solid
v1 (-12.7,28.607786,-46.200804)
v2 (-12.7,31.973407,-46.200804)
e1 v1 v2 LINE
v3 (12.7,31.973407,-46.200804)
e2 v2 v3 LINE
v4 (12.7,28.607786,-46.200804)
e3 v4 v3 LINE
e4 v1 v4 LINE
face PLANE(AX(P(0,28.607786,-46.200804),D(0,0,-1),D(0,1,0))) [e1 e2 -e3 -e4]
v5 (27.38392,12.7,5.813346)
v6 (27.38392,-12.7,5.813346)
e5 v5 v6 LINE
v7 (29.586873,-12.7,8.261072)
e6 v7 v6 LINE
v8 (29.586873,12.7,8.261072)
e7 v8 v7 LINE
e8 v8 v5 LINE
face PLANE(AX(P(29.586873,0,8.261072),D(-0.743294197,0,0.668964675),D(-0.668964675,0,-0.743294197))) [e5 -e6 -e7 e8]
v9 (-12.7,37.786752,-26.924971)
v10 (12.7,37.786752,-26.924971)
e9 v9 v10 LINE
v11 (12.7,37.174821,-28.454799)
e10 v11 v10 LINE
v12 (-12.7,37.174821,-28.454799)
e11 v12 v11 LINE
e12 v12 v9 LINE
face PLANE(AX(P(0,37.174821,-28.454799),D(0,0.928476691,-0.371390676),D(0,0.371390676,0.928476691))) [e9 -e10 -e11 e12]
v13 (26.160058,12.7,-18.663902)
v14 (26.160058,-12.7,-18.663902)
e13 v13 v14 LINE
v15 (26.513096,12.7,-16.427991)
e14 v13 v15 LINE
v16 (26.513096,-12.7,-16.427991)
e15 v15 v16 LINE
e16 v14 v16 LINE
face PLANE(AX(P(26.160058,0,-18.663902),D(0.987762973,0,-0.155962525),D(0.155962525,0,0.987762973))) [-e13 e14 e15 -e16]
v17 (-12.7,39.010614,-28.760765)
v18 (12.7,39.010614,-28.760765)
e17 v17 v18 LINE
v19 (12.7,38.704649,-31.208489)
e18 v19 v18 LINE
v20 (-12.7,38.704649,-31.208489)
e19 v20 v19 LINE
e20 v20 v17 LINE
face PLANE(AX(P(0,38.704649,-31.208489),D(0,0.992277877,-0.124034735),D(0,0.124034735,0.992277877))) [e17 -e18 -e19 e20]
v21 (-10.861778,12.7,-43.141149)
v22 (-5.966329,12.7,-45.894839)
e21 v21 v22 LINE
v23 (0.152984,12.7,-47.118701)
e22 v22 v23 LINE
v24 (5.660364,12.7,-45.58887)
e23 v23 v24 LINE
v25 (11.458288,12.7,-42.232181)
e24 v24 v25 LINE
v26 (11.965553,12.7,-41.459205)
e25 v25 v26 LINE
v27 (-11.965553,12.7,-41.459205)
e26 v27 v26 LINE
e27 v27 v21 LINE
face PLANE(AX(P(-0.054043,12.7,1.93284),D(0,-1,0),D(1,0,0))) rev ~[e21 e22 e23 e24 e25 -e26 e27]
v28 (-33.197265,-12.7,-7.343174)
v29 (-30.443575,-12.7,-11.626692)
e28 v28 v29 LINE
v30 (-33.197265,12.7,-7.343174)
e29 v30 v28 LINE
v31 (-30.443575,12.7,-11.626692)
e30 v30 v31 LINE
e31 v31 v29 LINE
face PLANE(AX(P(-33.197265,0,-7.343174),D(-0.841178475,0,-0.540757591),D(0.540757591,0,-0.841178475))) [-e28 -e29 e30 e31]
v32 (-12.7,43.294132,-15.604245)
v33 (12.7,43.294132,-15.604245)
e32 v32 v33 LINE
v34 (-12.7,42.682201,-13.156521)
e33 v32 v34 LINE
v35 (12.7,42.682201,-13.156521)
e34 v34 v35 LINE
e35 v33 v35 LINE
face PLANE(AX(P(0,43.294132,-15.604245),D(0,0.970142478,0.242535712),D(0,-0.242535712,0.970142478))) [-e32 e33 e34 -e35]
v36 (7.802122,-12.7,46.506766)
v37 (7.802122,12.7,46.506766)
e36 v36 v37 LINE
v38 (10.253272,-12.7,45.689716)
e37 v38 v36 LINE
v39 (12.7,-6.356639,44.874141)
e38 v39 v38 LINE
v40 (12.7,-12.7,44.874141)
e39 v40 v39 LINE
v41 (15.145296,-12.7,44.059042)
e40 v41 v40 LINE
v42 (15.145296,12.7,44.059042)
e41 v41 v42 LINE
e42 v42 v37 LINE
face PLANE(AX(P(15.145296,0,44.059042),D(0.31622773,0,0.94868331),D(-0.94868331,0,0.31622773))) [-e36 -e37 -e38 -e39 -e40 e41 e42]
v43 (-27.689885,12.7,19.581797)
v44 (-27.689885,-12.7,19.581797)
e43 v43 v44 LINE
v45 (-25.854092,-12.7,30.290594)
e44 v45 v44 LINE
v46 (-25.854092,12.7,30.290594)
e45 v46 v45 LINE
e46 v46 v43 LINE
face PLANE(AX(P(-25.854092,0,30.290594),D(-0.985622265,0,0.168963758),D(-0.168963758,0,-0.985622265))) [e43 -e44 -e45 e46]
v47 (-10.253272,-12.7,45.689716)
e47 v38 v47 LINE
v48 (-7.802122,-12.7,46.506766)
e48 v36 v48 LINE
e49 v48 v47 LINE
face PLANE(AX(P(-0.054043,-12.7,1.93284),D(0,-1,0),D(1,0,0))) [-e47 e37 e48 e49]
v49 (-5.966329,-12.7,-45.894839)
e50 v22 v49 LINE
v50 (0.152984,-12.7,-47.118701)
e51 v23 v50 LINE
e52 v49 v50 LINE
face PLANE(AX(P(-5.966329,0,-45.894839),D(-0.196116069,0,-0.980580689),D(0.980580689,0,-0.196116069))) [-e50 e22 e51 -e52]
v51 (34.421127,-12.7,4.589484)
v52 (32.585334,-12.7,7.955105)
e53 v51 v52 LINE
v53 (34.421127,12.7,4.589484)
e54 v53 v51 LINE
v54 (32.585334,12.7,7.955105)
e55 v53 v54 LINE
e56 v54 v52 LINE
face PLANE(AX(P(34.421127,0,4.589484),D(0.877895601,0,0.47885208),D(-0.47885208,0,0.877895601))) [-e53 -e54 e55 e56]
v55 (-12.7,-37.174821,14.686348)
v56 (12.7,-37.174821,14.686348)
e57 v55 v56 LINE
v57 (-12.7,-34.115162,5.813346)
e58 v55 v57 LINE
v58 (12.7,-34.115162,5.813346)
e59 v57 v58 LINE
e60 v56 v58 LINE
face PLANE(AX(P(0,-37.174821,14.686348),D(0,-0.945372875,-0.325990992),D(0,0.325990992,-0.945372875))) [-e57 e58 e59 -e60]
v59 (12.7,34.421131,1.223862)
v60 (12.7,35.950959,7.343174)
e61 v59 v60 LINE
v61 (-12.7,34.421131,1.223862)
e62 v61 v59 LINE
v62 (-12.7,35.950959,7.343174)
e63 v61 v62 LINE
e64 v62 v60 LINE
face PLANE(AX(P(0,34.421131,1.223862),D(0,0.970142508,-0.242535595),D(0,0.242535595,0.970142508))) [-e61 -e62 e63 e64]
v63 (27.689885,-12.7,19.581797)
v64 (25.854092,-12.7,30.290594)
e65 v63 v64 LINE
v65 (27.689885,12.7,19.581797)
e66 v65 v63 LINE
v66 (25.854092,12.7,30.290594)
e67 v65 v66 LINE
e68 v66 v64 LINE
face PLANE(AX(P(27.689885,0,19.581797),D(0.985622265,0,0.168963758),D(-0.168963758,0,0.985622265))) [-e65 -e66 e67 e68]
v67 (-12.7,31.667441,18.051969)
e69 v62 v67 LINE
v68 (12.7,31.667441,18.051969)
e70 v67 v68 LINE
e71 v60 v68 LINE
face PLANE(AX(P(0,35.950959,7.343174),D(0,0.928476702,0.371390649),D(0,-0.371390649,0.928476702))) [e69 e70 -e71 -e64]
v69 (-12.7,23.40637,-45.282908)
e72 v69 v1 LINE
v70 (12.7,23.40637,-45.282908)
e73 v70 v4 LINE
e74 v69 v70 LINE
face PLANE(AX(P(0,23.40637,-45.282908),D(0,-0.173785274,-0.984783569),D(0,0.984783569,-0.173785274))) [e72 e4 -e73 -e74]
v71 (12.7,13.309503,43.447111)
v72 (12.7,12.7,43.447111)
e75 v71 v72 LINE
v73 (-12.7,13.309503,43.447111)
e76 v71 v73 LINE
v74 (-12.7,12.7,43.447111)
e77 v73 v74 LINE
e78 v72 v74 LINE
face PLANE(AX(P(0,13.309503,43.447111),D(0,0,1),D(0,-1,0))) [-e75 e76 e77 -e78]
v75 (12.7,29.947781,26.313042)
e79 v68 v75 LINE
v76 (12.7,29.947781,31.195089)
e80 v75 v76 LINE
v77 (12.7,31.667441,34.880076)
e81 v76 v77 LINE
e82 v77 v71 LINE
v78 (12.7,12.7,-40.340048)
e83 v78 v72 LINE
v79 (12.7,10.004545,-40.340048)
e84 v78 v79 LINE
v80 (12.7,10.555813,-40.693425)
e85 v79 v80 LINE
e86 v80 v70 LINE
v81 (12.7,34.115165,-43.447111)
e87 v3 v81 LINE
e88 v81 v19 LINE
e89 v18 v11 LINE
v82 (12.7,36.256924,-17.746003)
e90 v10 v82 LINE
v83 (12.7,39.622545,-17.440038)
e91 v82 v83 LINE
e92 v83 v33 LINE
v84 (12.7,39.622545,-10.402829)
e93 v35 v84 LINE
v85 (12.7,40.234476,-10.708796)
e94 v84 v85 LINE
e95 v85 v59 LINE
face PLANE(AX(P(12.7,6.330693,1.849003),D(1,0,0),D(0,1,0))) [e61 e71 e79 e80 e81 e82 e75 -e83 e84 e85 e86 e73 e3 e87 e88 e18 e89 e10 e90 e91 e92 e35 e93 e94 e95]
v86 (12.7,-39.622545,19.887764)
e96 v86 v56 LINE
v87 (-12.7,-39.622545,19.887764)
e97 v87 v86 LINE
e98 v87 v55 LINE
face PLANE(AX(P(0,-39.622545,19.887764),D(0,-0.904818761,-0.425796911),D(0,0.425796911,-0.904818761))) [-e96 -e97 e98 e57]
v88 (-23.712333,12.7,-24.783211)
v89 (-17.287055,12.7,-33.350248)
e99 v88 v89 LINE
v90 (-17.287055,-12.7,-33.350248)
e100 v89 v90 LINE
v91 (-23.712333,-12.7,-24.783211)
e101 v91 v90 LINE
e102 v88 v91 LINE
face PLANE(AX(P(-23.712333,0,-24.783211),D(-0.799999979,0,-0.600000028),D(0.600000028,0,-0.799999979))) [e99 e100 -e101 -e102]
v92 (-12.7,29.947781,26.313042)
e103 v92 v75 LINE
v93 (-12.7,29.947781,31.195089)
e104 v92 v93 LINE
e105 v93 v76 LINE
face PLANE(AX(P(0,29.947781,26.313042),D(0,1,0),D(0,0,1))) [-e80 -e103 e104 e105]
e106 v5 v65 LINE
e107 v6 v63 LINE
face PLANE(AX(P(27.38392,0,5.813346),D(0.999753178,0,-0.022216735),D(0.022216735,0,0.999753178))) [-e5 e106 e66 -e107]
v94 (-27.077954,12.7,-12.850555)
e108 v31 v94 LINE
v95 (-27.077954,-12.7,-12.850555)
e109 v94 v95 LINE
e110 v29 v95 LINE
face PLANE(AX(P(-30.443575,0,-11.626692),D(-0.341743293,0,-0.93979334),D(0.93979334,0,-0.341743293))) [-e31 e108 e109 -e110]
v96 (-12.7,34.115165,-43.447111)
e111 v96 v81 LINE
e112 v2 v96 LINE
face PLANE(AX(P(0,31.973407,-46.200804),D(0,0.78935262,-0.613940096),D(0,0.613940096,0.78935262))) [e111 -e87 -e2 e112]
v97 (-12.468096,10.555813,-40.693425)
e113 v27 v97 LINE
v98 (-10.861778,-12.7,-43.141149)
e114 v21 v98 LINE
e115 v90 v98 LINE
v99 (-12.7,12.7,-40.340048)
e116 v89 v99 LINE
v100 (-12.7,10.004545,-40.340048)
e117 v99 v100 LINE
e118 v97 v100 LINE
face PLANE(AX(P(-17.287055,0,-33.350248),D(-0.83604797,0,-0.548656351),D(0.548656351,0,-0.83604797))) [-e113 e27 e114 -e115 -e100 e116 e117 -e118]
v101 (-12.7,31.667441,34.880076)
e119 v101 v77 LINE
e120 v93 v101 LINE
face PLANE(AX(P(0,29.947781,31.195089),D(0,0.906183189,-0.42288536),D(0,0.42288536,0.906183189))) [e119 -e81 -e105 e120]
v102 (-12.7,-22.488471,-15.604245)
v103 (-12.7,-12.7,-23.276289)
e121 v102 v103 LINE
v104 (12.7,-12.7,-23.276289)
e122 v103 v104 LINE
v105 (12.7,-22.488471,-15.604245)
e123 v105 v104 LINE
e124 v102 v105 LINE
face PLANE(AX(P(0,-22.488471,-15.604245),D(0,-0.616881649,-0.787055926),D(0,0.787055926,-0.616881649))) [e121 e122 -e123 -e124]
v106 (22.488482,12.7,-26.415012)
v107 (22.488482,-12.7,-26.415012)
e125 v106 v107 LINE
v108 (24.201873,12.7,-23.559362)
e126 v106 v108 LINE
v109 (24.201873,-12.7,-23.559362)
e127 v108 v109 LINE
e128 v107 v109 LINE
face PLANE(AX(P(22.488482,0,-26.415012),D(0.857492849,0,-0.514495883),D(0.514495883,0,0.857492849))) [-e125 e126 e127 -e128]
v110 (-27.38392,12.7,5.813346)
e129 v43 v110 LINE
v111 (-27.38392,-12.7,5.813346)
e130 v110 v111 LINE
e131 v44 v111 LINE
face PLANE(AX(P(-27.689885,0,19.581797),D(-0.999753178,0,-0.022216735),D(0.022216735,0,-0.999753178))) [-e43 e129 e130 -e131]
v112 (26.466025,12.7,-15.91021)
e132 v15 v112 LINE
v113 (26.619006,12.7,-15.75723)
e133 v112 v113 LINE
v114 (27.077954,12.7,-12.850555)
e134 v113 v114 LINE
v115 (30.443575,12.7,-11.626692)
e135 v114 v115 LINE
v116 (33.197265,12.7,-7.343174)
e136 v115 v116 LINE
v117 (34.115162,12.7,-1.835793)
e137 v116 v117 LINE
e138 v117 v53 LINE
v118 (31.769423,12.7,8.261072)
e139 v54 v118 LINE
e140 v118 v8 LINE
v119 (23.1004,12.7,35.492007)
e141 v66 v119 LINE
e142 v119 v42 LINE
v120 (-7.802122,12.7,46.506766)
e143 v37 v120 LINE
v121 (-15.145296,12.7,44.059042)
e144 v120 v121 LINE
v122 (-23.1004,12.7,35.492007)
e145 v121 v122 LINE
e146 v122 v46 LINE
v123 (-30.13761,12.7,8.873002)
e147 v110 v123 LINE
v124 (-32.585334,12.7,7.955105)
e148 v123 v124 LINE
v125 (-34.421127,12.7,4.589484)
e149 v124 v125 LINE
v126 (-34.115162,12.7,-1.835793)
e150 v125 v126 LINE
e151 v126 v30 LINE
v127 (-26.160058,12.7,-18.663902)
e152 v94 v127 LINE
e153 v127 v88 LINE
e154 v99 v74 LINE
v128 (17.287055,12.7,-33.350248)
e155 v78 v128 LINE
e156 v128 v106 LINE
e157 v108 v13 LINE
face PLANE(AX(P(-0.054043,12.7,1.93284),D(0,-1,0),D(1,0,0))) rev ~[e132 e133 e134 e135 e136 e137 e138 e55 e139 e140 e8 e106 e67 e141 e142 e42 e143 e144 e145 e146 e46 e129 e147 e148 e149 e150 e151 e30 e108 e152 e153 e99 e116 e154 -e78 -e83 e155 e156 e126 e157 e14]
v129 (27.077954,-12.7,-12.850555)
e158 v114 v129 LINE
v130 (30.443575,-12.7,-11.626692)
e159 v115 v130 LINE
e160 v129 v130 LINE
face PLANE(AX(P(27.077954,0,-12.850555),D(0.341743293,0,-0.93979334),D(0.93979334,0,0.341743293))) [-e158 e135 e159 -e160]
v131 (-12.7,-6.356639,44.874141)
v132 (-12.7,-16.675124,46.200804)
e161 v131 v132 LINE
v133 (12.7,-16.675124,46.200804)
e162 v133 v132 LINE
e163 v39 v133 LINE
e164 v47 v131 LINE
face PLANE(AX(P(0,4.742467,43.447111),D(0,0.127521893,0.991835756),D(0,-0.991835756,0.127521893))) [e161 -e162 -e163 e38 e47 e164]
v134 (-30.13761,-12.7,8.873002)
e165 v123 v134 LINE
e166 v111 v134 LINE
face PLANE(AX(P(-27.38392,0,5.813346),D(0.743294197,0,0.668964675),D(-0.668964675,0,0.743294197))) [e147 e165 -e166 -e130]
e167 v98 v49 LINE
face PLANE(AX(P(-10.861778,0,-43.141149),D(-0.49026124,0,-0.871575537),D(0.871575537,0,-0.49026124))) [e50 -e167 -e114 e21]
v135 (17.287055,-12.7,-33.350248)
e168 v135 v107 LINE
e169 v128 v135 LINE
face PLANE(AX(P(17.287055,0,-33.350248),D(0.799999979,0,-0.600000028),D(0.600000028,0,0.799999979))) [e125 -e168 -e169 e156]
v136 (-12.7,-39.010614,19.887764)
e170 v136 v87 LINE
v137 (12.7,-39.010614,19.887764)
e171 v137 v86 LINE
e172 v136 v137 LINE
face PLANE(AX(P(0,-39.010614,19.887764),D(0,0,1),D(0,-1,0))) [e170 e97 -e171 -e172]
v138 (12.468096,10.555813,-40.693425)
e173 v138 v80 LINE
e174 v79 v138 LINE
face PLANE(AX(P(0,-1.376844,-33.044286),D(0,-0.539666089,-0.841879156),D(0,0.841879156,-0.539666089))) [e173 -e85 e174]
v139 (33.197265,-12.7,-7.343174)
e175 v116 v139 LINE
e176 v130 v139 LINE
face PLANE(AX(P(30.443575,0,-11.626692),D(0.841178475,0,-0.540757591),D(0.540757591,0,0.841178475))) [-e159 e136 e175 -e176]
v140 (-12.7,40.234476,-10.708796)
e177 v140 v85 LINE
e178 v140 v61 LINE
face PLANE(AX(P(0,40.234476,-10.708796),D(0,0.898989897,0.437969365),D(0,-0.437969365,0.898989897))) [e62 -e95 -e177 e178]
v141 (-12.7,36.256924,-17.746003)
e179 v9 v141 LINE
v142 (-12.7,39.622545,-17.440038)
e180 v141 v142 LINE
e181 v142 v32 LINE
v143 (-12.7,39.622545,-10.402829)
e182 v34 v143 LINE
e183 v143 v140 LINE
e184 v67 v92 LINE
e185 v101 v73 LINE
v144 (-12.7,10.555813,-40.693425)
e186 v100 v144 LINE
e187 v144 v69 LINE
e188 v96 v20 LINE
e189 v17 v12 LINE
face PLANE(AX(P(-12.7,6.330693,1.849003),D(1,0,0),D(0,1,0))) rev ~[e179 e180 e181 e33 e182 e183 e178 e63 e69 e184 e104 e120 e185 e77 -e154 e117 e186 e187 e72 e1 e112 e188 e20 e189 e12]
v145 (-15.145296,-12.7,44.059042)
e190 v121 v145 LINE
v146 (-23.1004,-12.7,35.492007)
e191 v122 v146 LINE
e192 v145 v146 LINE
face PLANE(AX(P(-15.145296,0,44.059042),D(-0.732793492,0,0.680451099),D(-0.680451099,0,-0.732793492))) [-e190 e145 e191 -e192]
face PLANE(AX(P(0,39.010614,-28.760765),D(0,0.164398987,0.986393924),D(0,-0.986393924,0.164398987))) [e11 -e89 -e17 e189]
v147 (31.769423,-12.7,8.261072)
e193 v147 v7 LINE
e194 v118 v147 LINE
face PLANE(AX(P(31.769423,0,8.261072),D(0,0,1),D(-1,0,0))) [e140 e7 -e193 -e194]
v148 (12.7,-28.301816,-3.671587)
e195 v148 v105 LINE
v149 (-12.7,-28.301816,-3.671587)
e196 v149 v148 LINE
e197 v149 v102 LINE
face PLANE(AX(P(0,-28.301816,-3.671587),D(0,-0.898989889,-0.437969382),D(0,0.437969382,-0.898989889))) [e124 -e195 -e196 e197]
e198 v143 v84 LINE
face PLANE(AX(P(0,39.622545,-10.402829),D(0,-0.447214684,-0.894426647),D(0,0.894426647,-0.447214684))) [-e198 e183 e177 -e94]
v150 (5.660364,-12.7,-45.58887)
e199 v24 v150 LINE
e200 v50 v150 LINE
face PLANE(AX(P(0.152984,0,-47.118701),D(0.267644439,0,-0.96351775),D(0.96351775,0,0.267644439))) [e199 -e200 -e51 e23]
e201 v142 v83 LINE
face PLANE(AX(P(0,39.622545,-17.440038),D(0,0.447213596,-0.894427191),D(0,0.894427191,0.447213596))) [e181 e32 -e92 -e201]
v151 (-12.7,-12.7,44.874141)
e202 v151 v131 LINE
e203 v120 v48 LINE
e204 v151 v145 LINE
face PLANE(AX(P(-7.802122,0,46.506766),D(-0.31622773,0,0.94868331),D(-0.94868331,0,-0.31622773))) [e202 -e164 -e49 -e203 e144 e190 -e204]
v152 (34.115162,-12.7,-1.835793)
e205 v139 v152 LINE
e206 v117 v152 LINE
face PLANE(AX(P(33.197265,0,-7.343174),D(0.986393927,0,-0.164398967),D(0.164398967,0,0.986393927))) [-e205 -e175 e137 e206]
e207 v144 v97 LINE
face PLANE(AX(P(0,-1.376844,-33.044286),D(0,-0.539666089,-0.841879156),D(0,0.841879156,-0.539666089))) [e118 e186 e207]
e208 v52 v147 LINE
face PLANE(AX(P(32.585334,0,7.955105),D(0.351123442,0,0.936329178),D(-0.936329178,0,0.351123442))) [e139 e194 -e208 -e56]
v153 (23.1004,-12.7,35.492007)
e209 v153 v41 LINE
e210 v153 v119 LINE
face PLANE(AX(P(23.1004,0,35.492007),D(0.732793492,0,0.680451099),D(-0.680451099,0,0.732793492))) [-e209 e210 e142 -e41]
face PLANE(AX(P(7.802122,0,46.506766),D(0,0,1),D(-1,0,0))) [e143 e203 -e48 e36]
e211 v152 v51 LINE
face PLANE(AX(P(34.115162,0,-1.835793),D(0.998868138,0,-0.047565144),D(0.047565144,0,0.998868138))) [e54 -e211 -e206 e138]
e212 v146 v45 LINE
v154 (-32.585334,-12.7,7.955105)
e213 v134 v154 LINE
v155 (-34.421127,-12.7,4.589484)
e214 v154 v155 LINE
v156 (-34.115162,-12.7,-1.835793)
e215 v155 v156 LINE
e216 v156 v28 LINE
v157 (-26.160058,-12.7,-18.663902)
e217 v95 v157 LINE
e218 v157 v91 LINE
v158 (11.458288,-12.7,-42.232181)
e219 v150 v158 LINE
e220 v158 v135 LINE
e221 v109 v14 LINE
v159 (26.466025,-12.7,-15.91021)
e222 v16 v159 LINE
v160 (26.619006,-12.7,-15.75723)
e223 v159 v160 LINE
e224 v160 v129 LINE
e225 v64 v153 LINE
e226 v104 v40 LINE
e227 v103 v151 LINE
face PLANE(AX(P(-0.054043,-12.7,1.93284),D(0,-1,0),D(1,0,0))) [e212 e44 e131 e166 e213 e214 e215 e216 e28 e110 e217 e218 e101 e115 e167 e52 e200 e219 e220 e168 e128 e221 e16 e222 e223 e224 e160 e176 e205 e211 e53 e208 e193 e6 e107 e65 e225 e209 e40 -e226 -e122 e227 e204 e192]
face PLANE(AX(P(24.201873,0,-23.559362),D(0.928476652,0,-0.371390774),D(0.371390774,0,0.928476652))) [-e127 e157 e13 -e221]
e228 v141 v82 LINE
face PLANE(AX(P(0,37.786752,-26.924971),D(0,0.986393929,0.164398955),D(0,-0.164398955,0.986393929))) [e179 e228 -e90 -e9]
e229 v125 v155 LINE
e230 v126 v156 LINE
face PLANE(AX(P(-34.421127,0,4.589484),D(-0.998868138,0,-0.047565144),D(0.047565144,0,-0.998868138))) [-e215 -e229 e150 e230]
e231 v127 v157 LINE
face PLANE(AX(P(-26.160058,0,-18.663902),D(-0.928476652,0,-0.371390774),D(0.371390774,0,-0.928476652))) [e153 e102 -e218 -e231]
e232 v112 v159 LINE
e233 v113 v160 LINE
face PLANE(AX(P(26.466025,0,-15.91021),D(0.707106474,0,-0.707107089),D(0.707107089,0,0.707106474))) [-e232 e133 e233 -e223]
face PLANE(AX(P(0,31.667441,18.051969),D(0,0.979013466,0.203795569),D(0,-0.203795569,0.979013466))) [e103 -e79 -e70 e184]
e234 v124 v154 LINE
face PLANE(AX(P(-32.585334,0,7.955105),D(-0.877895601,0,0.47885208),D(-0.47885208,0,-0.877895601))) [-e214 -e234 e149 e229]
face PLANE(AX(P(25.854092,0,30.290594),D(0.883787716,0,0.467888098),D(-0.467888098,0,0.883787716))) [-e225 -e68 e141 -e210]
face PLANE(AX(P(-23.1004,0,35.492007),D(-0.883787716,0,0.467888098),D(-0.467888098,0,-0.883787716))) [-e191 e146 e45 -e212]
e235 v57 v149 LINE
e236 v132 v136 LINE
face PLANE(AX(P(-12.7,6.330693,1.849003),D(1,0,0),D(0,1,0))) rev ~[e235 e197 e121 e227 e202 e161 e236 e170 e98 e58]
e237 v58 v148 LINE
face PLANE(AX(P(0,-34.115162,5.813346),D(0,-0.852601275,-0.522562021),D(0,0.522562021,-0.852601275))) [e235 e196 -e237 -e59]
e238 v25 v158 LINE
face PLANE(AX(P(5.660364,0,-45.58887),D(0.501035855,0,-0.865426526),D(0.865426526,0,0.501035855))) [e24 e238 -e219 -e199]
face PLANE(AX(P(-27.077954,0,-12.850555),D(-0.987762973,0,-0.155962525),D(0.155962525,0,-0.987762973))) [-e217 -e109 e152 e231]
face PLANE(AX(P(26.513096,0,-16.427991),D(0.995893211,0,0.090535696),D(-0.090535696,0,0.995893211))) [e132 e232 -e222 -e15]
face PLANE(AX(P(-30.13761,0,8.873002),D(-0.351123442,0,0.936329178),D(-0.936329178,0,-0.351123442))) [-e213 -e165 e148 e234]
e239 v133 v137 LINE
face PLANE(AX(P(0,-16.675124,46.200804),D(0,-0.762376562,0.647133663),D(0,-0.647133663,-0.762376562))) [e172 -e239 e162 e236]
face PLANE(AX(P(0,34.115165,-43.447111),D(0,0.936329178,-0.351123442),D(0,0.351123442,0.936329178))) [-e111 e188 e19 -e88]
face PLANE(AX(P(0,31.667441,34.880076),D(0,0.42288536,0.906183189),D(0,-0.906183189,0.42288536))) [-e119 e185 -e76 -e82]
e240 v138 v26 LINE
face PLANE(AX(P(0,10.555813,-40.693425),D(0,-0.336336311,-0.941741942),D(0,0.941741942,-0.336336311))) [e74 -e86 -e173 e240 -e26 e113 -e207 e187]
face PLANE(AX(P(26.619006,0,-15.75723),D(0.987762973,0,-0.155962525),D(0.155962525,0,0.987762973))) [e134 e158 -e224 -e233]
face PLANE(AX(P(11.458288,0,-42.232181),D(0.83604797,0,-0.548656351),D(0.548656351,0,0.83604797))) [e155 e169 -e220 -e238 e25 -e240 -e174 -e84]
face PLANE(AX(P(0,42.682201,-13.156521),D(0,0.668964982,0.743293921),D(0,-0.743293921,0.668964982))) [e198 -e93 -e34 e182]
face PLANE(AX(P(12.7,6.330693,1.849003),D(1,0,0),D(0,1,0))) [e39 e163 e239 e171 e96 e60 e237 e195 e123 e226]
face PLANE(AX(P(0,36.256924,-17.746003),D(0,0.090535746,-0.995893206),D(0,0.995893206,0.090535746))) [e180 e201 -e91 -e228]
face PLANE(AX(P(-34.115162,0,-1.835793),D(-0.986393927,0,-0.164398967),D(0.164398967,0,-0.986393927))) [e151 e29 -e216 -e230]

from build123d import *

# Parameters (mm, degrees)
F0_W     = 42.5292160362
F0_H     = 54.7678396106
F1_DEPTH = 25.4
F5_DEPTH = 12.7
F6_DEPTH = 12.7


with BuildPart() as f1:
    # F0 (on Right) → F1 (new body)
    with BuildSketch(Plane.YZ):
        with Locations((0.3059664741, 8.7200179696)):
            Rectangle(F0_W, F0_H)
    extrude(amount=F1_DEPTH)


with BuildPart() as f5:
    # F4 (on Front) → F5 (new body, symmetric)
    with BuildSketch(Plane.XZ):
        Polygon((7.8021222726, 46.5067662299), (-7.8021222726, 46.5067662299), (-15.1452962309, 44.0590418875), (-23.1004003435, 35.4920066893), (-25.8540920913, 30.2905943245), (-27.6898853481, 19.5817966014), (-27.3839198053, 5.8133457787), (-30.1376096904, 8.8730016723), (-32.5853340328, 7.9551050439), (-34.4211272895, 4.5894836076), (-34.1151617467, -1.8357934896), (-33.1972651184, -7.3431739584), (-30.4435752332, -11.6266915575), (-27.0779542625, -12.85055466), (-26.1600576341, -18.6639018357), (-23.7123332918, -24.7832108289), (-17.2870550305, -33.3502478898), (-10.8617777005, -43.1411489844), (-5.9663290158, -45.8948388696), (0.1529839792, -47.1187010407), (5.6603644043, -45.5888696015), (11.4582879852, -42.2321807174), (17.2870550305, -33.3502478898), (22.4884822373, -26.4150121165), (24.2018731435, -23.5593615721), (26.1600576341, -18.6639018357), (26.5130960305, -16.4279912753), (26.4660250396, -15.9102100879), (26.6190057487, -15.7572295118), (27.0779542625, -12.85055466), (30.4435752332, -11.6266915575), (33.1972651184, -7.3431739584), (34.1151617467, -1.8357934896), (34.4211272895, 4.5894836076), (32.5853340328, 7.9551050439), (31.7694234351, 8.2610715181), (29.5868726354, 8.2610715181), (27.3839198053, 5.8133457787), (27.6898853481, 19.5817966014), (25.8540920913, 30.2905943245), (23.1004003435, 35.4920066893), (15.1452962309, 44.0590418875), align=None)
    extrude(amount=F5_DEPTH, both=True)

    # F3 (on Right) → F6 (join, symmetric)
    with BuildSketch(Plane.YZ):
        Polygon((-16.6751239449, 46.2008044124), (-39.0106141567, 19.8877640069), (-39.6225452423, 19.8877640069), (-37.1748209, 14.6863479167), (-34.1151617467, 5.8133457787), (-28.3018164337, -3.6715869792), (-22.4884711206, -15.6042445451), (-11.1677432433, -24.4772471488), (-1.3768438948, -33.0442860723), (10.555813089, -40.6934246421), (23.4063696116, -45.282907784), (28.6077857018, -46.2008044124), (31.9734066725, -46.2008044124), (34.115165472, -43.4471108019), (38.7046486139, -31.2084890902), (39.0106141567, -28.7607647479), (37.1748209, -28.4547992051), (37.7867519855, -26.9249714911), (36.2569242716, -17.7460033447), (39.6225452423, -17.4400378019), (43.2941317558, -15.6042445451), (42.6822006702, -13.1565211341), (39.6225452423, -10.4028293863), (40.2344763279, -10.7087958604), (34.4211310148, 1.2238622876), (35.9509587288, 7.3431739584), (31.6674411297, 18.0519688874), (29.9477812825, 26.3130422682), (29.9477812825, 31.1950890951), (31.6674411297, 34.8800756037), (13.3095029742, 43.4471108019), (4.7424673103, 43.4471108019), align=None)
    extrude(amount=F6_DEPTH, both=True)


solid = f5.part
